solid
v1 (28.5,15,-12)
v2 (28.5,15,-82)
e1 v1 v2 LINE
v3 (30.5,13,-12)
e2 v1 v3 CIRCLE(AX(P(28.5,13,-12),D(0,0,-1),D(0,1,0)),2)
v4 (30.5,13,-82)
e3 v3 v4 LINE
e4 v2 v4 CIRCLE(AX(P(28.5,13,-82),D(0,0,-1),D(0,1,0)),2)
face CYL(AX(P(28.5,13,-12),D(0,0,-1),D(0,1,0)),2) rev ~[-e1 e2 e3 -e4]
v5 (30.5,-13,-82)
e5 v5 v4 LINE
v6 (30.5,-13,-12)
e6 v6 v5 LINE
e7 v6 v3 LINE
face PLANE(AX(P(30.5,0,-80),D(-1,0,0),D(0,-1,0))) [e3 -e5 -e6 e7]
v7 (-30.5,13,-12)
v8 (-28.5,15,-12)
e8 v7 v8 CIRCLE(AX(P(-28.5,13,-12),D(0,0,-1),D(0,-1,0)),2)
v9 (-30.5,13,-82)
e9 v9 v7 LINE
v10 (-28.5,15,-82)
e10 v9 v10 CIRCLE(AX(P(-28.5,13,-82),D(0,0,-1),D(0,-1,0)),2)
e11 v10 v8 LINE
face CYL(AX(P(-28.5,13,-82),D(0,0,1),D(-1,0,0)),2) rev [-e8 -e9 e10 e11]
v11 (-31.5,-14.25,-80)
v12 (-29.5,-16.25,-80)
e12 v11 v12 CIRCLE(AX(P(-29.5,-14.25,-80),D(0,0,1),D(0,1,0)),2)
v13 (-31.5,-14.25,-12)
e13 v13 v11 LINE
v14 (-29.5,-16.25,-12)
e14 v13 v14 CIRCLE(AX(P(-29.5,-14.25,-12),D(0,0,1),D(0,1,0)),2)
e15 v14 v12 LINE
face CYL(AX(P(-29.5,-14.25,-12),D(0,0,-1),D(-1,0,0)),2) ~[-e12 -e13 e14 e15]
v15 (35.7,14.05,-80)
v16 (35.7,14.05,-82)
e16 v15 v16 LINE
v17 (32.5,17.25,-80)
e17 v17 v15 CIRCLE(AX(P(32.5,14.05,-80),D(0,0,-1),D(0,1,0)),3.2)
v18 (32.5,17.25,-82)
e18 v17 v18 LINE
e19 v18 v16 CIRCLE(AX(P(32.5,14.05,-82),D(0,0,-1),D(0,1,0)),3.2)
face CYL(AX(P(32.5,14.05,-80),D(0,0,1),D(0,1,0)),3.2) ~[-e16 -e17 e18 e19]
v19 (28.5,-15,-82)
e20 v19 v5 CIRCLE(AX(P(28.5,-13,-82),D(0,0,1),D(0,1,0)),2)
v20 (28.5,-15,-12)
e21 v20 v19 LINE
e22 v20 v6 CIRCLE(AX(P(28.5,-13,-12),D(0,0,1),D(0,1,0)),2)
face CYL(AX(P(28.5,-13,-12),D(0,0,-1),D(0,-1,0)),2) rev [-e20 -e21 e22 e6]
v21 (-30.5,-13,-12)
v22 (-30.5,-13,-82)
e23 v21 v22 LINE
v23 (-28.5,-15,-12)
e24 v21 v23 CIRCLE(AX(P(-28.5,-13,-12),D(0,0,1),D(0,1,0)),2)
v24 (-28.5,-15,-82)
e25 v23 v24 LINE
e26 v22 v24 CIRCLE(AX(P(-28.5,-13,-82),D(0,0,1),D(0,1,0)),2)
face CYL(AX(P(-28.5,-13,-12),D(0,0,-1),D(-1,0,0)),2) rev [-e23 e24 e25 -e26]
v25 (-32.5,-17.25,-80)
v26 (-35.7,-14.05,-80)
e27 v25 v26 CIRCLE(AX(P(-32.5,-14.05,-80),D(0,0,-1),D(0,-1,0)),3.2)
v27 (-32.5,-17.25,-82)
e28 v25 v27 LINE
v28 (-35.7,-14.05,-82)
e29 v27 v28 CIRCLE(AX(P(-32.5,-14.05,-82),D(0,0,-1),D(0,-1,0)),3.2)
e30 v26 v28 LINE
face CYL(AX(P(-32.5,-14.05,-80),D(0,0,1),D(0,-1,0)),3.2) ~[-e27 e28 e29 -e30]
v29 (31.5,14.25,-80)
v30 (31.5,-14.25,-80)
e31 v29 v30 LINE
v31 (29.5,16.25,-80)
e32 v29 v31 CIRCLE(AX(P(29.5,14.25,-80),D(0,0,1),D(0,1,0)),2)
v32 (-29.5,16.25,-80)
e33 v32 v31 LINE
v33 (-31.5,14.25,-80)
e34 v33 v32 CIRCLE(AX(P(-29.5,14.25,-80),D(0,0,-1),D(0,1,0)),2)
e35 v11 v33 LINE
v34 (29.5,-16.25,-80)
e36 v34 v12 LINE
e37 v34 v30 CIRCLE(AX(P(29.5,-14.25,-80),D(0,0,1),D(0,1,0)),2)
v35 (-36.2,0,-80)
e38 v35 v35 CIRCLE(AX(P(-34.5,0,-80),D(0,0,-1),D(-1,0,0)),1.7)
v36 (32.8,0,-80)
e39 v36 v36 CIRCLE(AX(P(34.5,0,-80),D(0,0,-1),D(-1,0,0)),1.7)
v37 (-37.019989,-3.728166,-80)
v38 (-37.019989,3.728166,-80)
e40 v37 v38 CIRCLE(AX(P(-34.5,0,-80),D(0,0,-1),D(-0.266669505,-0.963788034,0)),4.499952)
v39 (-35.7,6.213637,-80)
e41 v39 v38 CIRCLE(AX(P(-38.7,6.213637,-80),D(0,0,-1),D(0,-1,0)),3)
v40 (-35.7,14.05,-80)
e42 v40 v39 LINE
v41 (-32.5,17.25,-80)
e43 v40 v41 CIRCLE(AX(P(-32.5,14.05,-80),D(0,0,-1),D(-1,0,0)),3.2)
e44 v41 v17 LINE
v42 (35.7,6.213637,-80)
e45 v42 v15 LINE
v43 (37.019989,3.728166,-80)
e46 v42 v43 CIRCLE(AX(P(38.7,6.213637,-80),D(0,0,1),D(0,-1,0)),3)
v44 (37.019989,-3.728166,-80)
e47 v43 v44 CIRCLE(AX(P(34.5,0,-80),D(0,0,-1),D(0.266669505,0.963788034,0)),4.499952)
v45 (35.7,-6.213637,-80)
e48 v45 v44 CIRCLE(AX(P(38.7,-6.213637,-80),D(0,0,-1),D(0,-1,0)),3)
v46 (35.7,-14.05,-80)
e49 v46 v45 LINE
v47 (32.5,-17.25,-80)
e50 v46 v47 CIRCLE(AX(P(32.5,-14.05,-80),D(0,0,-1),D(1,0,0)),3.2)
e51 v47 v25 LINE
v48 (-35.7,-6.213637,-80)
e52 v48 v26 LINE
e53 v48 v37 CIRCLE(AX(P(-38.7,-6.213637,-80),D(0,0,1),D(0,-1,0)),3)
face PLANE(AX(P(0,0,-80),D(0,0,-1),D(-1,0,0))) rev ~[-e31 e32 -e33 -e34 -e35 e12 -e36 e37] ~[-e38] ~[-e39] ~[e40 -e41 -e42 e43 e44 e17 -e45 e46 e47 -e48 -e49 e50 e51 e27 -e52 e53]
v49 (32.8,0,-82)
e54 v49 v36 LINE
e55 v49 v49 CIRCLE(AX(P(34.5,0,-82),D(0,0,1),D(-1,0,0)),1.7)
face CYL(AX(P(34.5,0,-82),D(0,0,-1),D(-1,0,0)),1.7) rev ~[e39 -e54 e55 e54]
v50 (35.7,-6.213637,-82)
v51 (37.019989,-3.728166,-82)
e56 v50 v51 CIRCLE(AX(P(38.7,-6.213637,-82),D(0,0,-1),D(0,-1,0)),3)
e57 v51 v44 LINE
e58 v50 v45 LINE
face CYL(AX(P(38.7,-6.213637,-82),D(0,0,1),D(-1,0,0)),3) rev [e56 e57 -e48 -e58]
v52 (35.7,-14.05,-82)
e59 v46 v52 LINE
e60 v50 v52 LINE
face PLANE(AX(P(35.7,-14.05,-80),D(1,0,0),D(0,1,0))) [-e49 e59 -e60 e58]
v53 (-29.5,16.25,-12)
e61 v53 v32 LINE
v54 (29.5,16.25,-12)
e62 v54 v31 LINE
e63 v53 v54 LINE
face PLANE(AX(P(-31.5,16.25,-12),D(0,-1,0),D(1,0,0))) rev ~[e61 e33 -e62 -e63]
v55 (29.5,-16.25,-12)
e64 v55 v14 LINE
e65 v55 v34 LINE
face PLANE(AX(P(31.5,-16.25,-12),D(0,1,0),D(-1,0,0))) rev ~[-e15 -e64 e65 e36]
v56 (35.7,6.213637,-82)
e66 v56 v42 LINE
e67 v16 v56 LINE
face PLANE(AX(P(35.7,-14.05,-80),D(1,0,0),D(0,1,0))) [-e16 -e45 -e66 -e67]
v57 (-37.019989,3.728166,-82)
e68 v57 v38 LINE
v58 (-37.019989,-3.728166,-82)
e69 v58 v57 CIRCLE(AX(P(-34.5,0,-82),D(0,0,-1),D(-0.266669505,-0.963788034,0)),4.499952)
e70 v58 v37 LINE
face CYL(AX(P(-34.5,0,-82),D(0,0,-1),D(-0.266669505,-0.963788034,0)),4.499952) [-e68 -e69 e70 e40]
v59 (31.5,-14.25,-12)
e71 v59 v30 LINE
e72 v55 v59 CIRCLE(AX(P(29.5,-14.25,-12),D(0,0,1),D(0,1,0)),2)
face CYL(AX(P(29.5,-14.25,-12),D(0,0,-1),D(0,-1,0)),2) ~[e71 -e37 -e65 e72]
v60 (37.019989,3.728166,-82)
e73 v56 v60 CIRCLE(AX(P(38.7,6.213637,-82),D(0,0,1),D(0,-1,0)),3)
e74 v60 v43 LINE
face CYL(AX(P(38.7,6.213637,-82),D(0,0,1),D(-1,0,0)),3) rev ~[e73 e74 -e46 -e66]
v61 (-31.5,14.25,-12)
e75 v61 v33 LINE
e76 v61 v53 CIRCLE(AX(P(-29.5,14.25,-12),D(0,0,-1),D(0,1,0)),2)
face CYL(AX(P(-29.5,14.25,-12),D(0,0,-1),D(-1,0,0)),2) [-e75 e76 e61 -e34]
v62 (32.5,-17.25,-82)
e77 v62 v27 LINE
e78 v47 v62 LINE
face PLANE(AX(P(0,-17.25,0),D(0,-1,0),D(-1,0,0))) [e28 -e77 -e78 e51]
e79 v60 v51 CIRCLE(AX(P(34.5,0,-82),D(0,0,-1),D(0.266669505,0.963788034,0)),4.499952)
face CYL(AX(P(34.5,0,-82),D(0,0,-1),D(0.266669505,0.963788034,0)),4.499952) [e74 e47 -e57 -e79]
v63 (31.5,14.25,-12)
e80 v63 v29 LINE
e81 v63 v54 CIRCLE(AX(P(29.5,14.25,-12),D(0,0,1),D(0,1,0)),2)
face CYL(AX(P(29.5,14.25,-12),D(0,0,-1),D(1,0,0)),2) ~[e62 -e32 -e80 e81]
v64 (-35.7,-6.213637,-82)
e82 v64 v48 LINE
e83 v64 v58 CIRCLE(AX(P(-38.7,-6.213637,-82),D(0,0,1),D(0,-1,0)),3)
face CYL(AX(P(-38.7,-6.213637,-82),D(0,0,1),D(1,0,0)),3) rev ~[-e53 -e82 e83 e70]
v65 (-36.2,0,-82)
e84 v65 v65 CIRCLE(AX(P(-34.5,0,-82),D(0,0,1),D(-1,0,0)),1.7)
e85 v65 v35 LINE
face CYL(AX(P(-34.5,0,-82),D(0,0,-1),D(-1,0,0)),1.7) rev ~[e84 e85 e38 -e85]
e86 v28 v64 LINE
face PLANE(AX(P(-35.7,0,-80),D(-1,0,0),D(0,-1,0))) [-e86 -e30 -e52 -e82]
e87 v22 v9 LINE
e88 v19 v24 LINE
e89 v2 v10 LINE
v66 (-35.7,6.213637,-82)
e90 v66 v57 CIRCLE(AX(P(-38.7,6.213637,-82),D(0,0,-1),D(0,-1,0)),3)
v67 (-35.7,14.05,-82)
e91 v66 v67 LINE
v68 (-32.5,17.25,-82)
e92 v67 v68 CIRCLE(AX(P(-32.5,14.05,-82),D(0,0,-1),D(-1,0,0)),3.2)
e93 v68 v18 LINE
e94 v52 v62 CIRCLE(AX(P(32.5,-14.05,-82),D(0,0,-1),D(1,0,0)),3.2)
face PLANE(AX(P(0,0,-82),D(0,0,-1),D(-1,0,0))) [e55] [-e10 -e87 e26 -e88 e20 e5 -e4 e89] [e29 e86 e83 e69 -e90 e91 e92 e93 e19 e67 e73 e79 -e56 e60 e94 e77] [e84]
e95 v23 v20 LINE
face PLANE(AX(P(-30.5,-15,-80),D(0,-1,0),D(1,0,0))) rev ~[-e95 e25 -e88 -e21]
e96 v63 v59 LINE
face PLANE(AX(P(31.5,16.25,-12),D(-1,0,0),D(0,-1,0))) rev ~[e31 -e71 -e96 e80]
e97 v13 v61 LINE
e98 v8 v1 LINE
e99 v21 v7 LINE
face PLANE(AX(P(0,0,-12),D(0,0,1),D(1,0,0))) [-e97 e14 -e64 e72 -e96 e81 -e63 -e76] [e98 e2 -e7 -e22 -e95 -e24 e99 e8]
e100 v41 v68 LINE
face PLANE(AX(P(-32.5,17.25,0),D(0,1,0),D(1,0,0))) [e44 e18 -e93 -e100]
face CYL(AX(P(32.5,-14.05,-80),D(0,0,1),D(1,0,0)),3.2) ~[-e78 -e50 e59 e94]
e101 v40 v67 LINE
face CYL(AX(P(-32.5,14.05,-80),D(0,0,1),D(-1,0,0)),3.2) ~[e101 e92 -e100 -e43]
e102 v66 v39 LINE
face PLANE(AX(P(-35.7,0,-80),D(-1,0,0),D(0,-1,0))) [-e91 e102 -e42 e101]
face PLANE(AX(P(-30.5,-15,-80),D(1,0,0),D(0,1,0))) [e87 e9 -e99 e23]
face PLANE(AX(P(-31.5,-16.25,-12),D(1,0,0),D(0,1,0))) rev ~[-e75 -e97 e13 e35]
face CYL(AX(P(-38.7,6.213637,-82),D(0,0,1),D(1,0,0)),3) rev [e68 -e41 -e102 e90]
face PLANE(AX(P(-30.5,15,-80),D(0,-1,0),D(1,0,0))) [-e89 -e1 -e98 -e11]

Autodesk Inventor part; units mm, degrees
ref_plane "YZ Plane" through (0, 0, 0) normal (1, 0, 0) x (0, 1, 0)
ref_plane "XZ Plane" through (0, 0, 0) normal (0, 1, 0) x (-1, 0, 0)
ref_plane "XY Plane" through (0, 0, 0) normal (0, 0, 1) x (1, 0, 0)
sketch "Эскиз1" plane through (0, 0, 0) normal (0, 0, 1) x (1, 0, 0)
  line L0 (-30.5, 15) -> (30.5, 15)
  line L1 (30.5, 15) -> (30.5, -15)
  line L2 (30.5, -15) -> (-30.5, -15)
  line L3 (-30.5, -15) -> (-30.5, 15)
  line L4 (0, -24.15) -> (0, 24.15) projected
  line L5 (-45.5, 0) -> (45.5, 0) projected
  line L6 (-32.5, 17.25) -> (32.5, 17.25)
  line L7 (32.5, 17.25) -> (32.5, -17.25)
  line L8 (32.5, -17.25) -> (-32.5, -17.25)
  line L9 (-32.5, -17.25) -> (-32.5, 17.25)
  point P0 (0, 0)
  dimension "d0" = 61
  dimension "d1" = 30
  dimension "d2" = 34.5
  dimension "d3" = 65
extrude "Выдавливание1" add sketch "Эскиз1" along normal blind 3
extrude "Выдавливание2" add sketch "Эскиз1" against normal blind 80 contours L3 L5 L9 L6 L4 L0 | L4 L6 L7 L5 L1 L0 | L3 L2 L4 L8 L9 L5 | L5 L7 L8 L4 L2 L1
sketch "Эскиз2" plane through (0, 0, 3) normal (0, 0, 1) x (1, 0, 0)
  circle A0 centre (-10, 0) radius 5.6
  circle A1 centre (10, 0) radius 5.6
  line L0 (0, -24.15) -> (0, 24.15) projected
  point P0 (0, 0)
  dimension "d8" = 20
  dimension "d9" = 11.2
  dimension "d10" = 11.2
extrude "Выдавливание3" cut sketch "Эскиз2" against normal blind 80
sketch "Эскиз3" plane through (0, 0, -80) normal (0, 0, -1) x (-1, 0, 0)
  line L0 (30.5, -15) -> (-30.5, -15) projected
  circle A0 centre (-10, 0) radius 5.6 projected
  circle A1 centre (10, 0) radius 5.6 projected
  line L1 (-30.5, -15) -> (30.5, -15) projected
  line L2 (30.5, -15) -> (30.5, 15) projected
  line L3 (30.5, 15) -> (-30.5, 15) projected
  line L4 (-30.5, 15) -> (-30.5, -15) projected
  line L5 (32.5, -17.25) -> (-32.5, -17.25)
  line L6 (-35.7, -14.05) -> (-35.7, 14.05)
  line L7 (-32.5, 17.25) -> (32.5, 17.25)
  line L8 (35.7, 14.05) -> (35.7, -14.05)
  line L9 (0, -28.8249) -> (0, 30.0984) projected
  line L10 (57.8663, 0) -> (-57.8663, 0) projected
  line L11 (32.5, -17.25) -> (32.5, 17.25) projected
  line L12 (-32.5, 17.25) -> (-32.5, -17.25) projected
  arc A2 (32.5, -17.25) -> (35.7, -14.05) centre (32.5, -14.05) ccw
  arc A3 (35.7, 14.05) -> (32.5, 17.25) centre (32.5, 14.05) ccw
  arc A4 (-32.5, 17.25) -> (-35.7, 14.05) centre (-32.5, 14.05) ccw
  arc A5 (-35.7, -14.05) -> (-32.5, -17.25) centre (-32.5, -14.05) ccw
  point P0 (0, 0)
  point P1 (35.7, -17.25)
  point P2 (-30.5, -15)
  dimension "d13" = 3.2
  dimension "d14" = 3.2
  dimension "d15" = 3.2
extrude "Выдавливание4" add sketch "Эскиз3" along normal blind 2 contours L2 L10 L11 L5 L9 L0 | L9 L5 L12 L10 L4 L0 | L2 L3 L9 L7 L11 L10 | L11 A3 L8 L10 | L10 L8 A2 L11 | L10 L12 L7 L9 L3 L4 | A5 L6 L10 L12 | L10 L6 A4 L12
sketch "Эскиз4" plane through (0, 0, -82) normal (0, 0, -1) x (-1, 0, 0)
  line L0 (35.7, -14.05) -> (35.7, 14.05) projected
  arc A0 (35.7, -3.2879) -> (35.7, 3.2879) centre (34.5, 0) ccw
  line L1 (30.5, 15) -> (30.5, -15) projected
  arc A1 (35.7, -4.337) -> (35.7, 4.337) centre (34.5, 0) ccw
  line L2 (0, 0) -> (0, 3.9976)
  line L3 (-35.7, 14.05) -> (-35.7, -14.05) projected
  arc A2 (-35.7, 3.2879) -> (-35.7, -3.2879) centre (-34.5, 0) ccw
  arc A3 (-35.7, 4.337) -> (-35.7, -4.337) centre (-34.5, 0) ccw
  circle A4 centre (34.5, 0) radius 1.7
  circle A5 centre (-34.5, 0) radius 1.7
  point P0 (28.7, 0)
  point P1 (30.5, 0)
  point P2 (31, 0)
  point P3 (-35.7, -4.4956)
  point P4 (-35.7, 4.4956)
  dimension "d19" = 7
  dimension "d20" = 4
  dimension "d21" = 1
  dimension "d26" = 3.4
  dimension "d27" = 3.4
extrude "Выдавливание5" add sketch "Эскиз4" against normal blind 2 contours L0 A0 A1 | L0 A4 A0 | L0 A4 picked at (35.8557, 0.1108)
extrude "Выдавливание6" add sketch "Эскиз4" against normal blind 2 contours L3 A2 A3 | L3 A5 A2 | L3 A5 picked at (-35.7794, -0.3021)
extrude "Выдавливание7" cut sketch "Эскиз4" against normal blind 2 contours A4 L0 | L0 A4 | A5 L3 | L3 A5
fillet "Сопряжение1" radius 3 4 edges at (35.7, -4.337, -81) (35.7, 4.337, -81) (-35.7, -4.337, -81) (-35.7, 4.337, -81)
sketch "Эскиз5" plane through (0, 0, 3) normal (0, 0, 1) x (1, 0, 0)
  line L0 (32.5, 17.25) -> (-32.5, 17.25) projected
  circle A0 centre (10, 0) radius 5.6 projected
  circle A1 centre (-10, 0) radius 5.6 projected
  line L1 (32.5, 17.25) -> (-32.5, 17.25) projected
  line L2 (-32.5, 17.25) -> (-32.5, -17.25) projected
  line L3 (-32.5, -17.25) -> (32.5, -17.25) projected
  line L4 (32.5, -17.25) -> (32.5, 17.25) projected
  point P0 (0, 0)
extrude "Выдавливание8" cut sketch "Эскиз5" against normal up to surface (3 mm away) contours L4 L3 L2 L0 | A0 | A1
sketch "Эскиз6" plane through (-32.5, -17.25, 0) normal (0, 0, 1) x (1, 0, 0)
  line L0 (63, 2.25) -> (2, 2.25) projected
  line L1 (2, 2.25) -> (2, 32.25) projected
  line L2 (2, 32.25) -> (63, 32.25) projected
  line L3 (63, 32.25) -> (63, 2.25) projected
  line L4 (0, 0) -> (0, 34.5) projected
  line L5 (65, 0) -> (0, 0) projected
  line L6 (65, 34.5) -> (65, 0) projected
  line L7 (0, 34.5) -> (65, 34.5) projected
  point P0 (32.5, 17.25)
extrude "Выдавливание9" cut sketch "Эскиз1" against normal blind 12 contours L3 L5 L9 L6 L4 L0 | L4 L6 L7 L5 L1 L0 | L3 L2 L4 L8 L9 L5 | L5 L7 L8 L4 L2 L1
sketch "Эскиз7" plane through (0, 0, -12) normal (0, 0, 1) x (1, 0, 0)
  line L0 (-32.5, 17.25) -> (32.5, 17.25) projected
  line L1 (-32.5, 17.25) -> (32.5, 17.25) projected
  line L2 (-32.5, -17.25) -> (-32.5, 17.25) projected
  line L3 (32.5, -17.25) -> (-32.5, -17.25) projected
  line L4 (32.5, 17.25) -> (32.5, -17.25) projected
  line L5 (30.5, -15) -> (30.5, 15) projected
  line L6 (-30.5, -15) -> (30.5, -15) projected
  line L7 (-30.5, 15) -> (-30.5, -15) projected
  line L8 (30.5, 15) -> (-30.5, 15) projected
  line L9 (-31.5, 16.25) -> (31.5, 16.25)
  line L10 (31.5, 16.25) -> (31.5, -16.25)
  line L11 (31.5, -16.25) -> (-31.5, -16.25)
  line L12 (-31.5, -16.25) -> (-31.5, 16.25)
  point P0 (0, 0)
  dimension "d35" = 1
  dimension "d36" = 1
  dimension "d37" = 1
  dimension "d38" = 1
extrude "Выдавливание10" cut sketch "Эскиз7" against normal up to surface (68 mm away) contours L0 L4 L3 L2
fillet "Сопряжение2" radius 2 8 edges at (31.5, 16.25, -46) (30.5, 15, -47) (30.5, -15, -47) (31.5, -16.25, -46) (-31.5, -16.25, -46) (-31.5, 16.25, -46) (-30.5, -15, -47) (-30.5, 15, -47)
sketch "Эскиз10" plane through (-29.5, 16.25, -12) normal (0, 1, 0) x (1, 0, 0)
  point P0 (29.5, -12)
properties part number "нижняя часть держателя аккумов"
